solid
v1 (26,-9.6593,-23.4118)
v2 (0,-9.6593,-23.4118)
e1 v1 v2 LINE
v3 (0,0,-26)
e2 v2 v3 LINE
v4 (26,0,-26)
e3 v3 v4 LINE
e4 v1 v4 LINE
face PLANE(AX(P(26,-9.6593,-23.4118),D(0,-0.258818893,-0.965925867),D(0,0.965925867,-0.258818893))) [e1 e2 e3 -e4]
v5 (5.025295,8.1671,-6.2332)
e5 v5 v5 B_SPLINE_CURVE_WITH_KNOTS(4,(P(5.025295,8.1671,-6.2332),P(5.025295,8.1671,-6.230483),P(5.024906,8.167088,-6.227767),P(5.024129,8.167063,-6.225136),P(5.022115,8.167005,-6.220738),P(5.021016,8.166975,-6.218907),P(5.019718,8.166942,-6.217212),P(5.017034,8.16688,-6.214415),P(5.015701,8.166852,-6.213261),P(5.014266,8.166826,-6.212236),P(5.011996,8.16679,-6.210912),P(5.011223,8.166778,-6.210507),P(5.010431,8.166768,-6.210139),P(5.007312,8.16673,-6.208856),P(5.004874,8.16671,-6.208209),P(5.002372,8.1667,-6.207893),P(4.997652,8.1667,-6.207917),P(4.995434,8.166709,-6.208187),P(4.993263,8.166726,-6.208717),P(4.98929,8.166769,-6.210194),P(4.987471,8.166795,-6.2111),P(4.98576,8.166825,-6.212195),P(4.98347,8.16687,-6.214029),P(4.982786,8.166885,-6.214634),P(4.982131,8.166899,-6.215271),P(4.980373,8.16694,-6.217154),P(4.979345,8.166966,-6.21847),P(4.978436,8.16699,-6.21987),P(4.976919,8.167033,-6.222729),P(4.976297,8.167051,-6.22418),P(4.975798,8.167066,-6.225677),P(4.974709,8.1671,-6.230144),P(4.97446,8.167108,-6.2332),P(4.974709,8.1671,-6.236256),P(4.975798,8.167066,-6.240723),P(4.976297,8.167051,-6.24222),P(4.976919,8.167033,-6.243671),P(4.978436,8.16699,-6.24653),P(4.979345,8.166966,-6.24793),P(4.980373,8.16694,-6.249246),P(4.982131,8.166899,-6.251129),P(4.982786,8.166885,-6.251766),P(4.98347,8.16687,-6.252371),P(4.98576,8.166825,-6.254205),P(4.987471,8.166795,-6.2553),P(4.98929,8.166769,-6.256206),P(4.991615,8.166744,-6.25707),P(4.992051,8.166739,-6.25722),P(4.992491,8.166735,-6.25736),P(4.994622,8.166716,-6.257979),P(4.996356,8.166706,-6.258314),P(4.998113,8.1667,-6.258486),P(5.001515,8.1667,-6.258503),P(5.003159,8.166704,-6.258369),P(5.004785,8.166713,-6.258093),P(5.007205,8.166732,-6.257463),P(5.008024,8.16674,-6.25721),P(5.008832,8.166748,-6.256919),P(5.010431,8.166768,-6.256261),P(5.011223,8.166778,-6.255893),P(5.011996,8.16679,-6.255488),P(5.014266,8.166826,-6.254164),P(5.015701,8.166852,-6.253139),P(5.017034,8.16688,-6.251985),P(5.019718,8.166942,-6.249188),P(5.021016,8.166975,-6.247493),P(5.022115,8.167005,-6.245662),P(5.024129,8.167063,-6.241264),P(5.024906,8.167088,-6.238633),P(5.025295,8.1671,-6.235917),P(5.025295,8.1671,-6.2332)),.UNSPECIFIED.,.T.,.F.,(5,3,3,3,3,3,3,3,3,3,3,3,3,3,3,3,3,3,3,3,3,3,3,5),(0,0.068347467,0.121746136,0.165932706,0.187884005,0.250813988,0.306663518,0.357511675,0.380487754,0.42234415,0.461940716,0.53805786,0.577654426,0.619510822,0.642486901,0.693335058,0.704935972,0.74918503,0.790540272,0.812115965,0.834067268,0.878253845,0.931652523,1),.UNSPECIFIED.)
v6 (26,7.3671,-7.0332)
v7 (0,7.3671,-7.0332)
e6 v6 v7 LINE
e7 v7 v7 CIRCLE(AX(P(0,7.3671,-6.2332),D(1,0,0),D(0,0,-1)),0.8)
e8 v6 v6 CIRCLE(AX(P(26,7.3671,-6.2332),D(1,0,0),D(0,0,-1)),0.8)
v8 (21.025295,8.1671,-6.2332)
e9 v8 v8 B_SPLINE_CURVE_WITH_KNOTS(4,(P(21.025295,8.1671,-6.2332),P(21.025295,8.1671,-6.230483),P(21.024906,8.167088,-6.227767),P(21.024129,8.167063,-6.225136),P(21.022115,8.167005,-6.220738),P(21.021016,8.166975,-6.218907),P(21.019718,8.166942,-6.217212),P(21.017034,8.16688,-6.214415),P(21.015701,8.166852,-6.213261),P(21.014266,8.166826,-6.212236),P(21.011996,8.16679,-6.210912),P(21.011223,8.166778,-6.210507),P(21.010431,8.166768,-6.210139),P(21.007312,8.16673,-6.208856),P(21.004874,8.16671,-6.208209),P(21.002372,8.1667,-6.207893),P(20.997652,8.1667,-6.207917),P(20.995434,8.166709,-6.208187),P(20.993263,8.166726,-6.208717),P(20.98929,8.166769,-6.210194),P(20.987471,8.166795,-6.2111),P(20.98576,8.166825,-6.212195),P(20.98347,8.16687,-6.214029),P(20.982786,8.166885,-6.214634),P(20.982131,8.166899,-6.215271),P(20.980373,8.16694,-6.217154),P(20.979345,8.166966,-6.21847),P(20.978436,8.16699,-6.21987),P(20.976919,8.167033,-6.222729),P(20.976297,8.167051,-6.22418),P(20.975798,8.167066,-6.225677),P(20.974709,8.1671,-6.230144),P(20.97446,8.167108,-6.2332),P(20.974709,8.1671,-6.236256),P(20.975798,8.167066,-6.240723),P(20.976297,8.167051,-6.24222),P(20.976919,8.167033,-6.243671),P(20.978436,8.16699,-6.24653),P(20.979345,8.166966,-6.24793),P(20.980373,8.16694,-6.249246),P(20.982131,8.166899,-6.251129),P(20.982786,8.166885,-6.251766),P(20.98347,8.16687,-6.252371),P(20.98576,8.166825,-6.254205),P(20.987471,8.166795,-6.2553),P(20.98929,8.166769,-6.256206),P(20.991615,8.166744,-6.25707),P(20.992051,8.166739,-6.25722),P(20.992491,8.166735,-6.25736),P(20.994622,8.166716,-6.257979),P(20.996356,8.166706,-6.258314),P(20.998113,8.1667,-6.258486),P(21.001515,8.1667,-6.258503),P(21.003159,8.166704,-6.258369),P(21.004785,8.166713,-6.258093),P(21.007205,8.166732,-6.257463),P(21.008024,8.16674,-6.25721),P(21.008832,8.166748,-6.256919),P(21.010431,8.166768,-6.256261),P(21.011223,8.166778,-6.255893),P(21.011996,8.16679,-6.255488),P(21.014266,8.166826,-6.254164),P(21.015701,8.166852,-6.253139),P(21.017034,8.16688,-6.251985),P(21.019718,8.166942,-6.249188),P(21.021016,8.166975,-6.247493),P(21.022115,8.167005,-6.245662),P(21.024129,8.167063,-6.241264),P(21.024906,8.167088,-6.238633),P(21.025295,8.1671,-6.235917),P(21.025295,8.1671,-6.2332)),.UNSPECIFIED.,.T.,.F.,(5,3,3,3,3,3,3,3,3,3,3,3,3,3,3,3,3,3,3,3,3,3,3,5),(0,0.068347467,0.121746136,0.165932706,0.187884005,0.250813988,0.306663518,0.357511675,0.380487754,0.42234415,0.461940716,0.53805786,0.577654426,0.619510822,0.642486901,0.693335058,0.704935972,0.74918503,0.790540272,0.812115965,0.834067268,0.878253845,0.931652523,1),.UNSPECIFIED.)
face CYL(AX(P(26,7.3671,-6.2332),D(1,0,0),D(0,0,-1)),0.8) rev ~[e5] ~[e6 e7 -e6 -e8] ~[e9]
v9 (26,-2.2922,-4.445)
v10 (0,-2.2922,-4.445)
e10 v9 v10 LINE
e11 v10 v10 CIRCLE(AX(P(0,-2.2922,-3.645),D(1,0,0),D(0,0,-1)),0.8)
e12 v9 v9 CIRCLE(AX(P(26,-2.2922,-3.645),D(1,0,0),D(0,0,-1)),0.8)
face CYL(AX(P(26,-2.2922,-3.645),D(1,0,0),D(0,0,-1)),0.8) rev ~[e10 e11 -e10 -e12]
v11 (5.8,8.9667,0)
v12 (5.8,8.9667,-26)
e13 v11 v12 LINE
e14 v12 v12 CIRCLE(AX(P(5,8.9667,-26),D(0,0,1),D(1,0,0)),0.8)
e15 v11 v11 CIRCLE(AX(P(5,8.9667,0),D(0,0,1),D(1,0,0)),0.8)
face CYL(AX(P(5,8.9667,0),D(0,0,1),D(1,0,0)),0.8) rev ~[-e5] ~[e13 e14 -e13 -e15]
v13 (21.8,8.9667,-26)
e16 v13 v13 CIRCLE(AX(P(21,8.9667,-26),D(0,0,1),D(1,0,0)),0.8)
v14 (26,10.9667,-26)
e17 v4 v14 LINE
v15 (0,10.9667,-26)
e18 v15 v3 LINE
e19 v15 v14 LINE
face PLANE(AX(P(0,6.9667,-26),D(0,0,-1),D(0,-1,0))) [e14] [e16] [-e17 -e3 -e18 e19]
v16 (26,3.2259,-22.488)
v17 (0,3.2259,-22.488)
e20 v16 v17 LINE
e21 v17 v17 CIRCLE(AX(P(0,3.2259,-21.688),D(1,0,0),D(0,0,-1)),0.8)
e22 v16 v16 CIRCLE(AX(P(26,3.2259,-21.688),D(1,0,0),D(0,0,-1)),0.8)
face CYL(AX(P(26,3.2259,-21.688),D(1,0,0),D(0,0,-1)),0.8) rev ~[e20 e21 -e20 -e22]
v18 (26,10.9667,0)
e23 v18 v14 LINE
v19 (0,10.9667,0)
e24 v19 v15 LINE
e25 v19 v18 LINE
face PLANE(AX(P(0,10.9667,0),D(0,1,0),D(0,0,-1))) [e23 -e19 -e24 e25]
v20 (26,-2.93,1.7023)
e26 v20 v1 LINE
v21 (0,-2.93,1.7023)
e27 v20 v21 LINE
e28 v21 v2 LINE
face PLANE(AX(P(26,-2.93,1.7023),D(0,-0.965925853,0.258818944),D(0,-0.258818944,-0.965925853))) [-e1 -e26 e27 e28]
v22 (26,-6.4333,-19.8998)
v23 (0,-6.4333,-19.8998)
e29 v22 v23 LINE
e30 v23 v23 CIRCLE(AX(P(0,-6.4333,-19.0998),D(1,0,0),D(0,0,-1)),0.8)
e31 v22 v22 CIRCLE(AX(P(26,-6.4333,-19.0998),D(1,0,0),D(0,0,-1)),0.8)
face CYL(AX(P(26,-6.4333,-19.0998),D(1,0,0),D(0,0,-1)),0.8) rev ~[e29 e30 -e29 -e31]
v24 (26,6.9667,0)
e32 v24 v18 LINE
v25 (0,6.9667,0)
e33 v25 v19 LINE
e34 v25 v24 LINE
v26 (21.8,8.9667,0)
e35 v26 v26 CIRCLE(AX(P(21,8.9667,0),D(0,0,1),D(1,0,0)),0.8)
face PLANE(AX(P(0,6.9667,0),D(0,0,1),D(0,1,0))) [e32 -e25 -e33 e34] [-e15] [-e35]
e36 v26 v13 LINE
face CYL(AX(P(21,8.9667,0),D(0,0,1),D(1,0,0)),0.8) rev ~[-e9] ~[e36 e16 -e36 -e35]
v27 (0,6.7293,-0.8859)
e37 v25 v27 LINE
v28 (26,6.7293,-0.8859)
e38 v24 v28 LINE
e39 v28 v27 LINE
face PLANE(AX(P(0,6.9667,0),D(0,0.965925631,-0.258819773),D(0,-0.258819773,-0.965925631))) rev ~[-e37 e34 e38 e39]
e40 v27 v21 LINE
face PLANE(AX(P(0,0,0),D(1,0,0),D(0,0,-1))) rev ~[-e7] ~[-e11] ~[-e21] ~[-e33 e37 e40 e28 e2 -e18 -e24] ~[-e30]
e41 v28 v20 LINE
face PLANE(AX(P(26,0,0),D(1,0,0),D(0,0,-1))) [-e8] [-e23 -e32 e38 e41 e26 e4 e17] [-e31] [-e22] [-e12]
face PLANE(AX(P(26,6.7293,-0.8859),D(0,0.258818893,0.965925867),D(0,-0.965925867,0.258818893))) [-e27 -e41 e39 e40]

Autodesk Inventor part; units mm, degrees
ref_plane "YZ Plane" through (0, 0, 0) normal (1, 0, 0) x (0, 1, 0)
ref_plane "XZ Plane" through (0, 0, 0) normal (0, 1, 0) x (-1, 0, 0)
ref_plane "XY Plane" through (0, 0, 0) normal (0, 0, 1) x (1, 0, 0)
sketch "スケッチ3" plane through (0, 0, 0) normal (1, 0, 0) x (0, 1, 0)
  line L0 (0, 0) -> (10.9667, 0)
  line L1 (10.9667, 0) -> (10.9667, -26)
  line L2 (10.9667, -26) -> (0, -26)
  line L3 (0, -26) -> (0, 0)
  line L4 (10.9667, 0) -> (6.9667, 0)
  line L5 (6.9667, 0) -> (6.9667, -26)
  line L6 (6.9667, -26) -> (10.9667, -26)
  line L7 (10.9667, -26) -> (10.9667, 0)
  line L8 (6.9667, 0) -> (0, -26)
  point P0 (6.9667, 0)
  dimension "d3" = 26
  dimension "d4" = 4
  dimension "d5" = 15
extrude "押し出し2" add sketch "スケッチ3" along normal blind 26 contours L0 L1 L2 L5 | L5 L2 L8
sketch "スケッチ4" plane through (0, 6.9667, 0) normal (0, 0, 1) x (1, 0, 0)
  line L0 (0, 4) -> (0, 0) projected
  line L1 (0, 0) -> (26, 0) projected
  line L2 (26, 4) -> (26, 0) projected
  line L3 (0, 4) -> (26, 4) projected
  circle A0 centre (5, 2) radius 0.8
  circle A1 centre (21, 2) radius 0.8
  point P0 (0, -6.9667)
  point P1 (0, 2)
  dimension "d8" = 1.6
  dimension "d9" = 1.6
  dimension "d10" = 5
  dimension "d11" = 5
extrude "押し出し8" cut sketch "スケッチ4" against normal through all contours A0 | A1
sketch "スケッチ8" plane through (26, 0, 0) normal (1, 0, 0) x (0, 0, -1)
  line L0 (26, 0) -> (26, 10.9667) projected
  line L1 (0, 6.9667) -> (26, 0) projected
  line L2 (26, 0) -> (0.8859, 6.7293)
  line L3 (0.8859, 6.7293) -> (-1.7023, -2.93)
  line L4 (-1.7023, -2.93) -> (23.4118, -9.6593)
  line L5 (23.4118, -9.6593) -> (26, 0)
  point P0 (0, 0)
  dimension "d39" = 26
  dimension "d40" = 10
extrude "押し出し9" add sketch "スケッチ8" against normal up to surface (26 mm away)
sketch "スケッチ5" plane through (26, 0, 0) normal (1, 0, 0) x (0, 0, -1)
  line L0 (0, 6.9667) -> (26, 0) projected
  line L1 (26, 0) -> (0.8859, 6.7293)
  line L2 (0.8859, 6.7293) -> (1.9212, 10.593)
  line L3 (1.9212, 10.593) -> (27.0353, 3.8637)
  line L4 (27.0353, 3.8637) -> (26, 0)
  circle A0 centre (21.688, 3.2259) radius 0.8
  circle A1 centre (6.2332, 7.3671) radius 0.8
  line L5 (-1.7023, -2.93) -> (-0.667, 0.9337)
  line L6 (-0.667, 0.9337) -> (24.4471, -5.7956)
  line L7 (24.4471, -5.7956) -> (23.4118, -9.6593)
  line L8 (23.4118, -9.6593) -> (-1.7023, -2.93)
  line L9 (-1.7023, -2.93) -> (23.4118, -9.6593) projected
  circle A2 centre (3.645, -2.2922) radius 0.8
  circle A3 centre (19.0998, -6.4333) radius 0.8
  point P0 (0, 0)
  dimension "d14" = 4
  dimension "d15" = 26
  dimension "d16" = 1.6
  dimension "d17" = 1.6
  dimension "d18" = 2
  dimension "d19" = 2
  dimension "d20" = 5
  dimension "d21" = 5
  dimension "d43" = 1.6
  dimension "d44" = 1.6
  dimension "d45" = 2
  dimension "d46" = 2
  dimension "d47" = 5
  dimension "d48" = 5
extrude "押し出し4" cut sketch "スケッチ5" against normal through all contours A0 | A1 | A2 | A3
equation "\"d18\" = d19"
equation "\"d45\" = d19"
equation "\"d46\" = d19"
equation "\"d47\" = d20"
equation "\"d48\" = d21"
properties part number "arm_middle"
